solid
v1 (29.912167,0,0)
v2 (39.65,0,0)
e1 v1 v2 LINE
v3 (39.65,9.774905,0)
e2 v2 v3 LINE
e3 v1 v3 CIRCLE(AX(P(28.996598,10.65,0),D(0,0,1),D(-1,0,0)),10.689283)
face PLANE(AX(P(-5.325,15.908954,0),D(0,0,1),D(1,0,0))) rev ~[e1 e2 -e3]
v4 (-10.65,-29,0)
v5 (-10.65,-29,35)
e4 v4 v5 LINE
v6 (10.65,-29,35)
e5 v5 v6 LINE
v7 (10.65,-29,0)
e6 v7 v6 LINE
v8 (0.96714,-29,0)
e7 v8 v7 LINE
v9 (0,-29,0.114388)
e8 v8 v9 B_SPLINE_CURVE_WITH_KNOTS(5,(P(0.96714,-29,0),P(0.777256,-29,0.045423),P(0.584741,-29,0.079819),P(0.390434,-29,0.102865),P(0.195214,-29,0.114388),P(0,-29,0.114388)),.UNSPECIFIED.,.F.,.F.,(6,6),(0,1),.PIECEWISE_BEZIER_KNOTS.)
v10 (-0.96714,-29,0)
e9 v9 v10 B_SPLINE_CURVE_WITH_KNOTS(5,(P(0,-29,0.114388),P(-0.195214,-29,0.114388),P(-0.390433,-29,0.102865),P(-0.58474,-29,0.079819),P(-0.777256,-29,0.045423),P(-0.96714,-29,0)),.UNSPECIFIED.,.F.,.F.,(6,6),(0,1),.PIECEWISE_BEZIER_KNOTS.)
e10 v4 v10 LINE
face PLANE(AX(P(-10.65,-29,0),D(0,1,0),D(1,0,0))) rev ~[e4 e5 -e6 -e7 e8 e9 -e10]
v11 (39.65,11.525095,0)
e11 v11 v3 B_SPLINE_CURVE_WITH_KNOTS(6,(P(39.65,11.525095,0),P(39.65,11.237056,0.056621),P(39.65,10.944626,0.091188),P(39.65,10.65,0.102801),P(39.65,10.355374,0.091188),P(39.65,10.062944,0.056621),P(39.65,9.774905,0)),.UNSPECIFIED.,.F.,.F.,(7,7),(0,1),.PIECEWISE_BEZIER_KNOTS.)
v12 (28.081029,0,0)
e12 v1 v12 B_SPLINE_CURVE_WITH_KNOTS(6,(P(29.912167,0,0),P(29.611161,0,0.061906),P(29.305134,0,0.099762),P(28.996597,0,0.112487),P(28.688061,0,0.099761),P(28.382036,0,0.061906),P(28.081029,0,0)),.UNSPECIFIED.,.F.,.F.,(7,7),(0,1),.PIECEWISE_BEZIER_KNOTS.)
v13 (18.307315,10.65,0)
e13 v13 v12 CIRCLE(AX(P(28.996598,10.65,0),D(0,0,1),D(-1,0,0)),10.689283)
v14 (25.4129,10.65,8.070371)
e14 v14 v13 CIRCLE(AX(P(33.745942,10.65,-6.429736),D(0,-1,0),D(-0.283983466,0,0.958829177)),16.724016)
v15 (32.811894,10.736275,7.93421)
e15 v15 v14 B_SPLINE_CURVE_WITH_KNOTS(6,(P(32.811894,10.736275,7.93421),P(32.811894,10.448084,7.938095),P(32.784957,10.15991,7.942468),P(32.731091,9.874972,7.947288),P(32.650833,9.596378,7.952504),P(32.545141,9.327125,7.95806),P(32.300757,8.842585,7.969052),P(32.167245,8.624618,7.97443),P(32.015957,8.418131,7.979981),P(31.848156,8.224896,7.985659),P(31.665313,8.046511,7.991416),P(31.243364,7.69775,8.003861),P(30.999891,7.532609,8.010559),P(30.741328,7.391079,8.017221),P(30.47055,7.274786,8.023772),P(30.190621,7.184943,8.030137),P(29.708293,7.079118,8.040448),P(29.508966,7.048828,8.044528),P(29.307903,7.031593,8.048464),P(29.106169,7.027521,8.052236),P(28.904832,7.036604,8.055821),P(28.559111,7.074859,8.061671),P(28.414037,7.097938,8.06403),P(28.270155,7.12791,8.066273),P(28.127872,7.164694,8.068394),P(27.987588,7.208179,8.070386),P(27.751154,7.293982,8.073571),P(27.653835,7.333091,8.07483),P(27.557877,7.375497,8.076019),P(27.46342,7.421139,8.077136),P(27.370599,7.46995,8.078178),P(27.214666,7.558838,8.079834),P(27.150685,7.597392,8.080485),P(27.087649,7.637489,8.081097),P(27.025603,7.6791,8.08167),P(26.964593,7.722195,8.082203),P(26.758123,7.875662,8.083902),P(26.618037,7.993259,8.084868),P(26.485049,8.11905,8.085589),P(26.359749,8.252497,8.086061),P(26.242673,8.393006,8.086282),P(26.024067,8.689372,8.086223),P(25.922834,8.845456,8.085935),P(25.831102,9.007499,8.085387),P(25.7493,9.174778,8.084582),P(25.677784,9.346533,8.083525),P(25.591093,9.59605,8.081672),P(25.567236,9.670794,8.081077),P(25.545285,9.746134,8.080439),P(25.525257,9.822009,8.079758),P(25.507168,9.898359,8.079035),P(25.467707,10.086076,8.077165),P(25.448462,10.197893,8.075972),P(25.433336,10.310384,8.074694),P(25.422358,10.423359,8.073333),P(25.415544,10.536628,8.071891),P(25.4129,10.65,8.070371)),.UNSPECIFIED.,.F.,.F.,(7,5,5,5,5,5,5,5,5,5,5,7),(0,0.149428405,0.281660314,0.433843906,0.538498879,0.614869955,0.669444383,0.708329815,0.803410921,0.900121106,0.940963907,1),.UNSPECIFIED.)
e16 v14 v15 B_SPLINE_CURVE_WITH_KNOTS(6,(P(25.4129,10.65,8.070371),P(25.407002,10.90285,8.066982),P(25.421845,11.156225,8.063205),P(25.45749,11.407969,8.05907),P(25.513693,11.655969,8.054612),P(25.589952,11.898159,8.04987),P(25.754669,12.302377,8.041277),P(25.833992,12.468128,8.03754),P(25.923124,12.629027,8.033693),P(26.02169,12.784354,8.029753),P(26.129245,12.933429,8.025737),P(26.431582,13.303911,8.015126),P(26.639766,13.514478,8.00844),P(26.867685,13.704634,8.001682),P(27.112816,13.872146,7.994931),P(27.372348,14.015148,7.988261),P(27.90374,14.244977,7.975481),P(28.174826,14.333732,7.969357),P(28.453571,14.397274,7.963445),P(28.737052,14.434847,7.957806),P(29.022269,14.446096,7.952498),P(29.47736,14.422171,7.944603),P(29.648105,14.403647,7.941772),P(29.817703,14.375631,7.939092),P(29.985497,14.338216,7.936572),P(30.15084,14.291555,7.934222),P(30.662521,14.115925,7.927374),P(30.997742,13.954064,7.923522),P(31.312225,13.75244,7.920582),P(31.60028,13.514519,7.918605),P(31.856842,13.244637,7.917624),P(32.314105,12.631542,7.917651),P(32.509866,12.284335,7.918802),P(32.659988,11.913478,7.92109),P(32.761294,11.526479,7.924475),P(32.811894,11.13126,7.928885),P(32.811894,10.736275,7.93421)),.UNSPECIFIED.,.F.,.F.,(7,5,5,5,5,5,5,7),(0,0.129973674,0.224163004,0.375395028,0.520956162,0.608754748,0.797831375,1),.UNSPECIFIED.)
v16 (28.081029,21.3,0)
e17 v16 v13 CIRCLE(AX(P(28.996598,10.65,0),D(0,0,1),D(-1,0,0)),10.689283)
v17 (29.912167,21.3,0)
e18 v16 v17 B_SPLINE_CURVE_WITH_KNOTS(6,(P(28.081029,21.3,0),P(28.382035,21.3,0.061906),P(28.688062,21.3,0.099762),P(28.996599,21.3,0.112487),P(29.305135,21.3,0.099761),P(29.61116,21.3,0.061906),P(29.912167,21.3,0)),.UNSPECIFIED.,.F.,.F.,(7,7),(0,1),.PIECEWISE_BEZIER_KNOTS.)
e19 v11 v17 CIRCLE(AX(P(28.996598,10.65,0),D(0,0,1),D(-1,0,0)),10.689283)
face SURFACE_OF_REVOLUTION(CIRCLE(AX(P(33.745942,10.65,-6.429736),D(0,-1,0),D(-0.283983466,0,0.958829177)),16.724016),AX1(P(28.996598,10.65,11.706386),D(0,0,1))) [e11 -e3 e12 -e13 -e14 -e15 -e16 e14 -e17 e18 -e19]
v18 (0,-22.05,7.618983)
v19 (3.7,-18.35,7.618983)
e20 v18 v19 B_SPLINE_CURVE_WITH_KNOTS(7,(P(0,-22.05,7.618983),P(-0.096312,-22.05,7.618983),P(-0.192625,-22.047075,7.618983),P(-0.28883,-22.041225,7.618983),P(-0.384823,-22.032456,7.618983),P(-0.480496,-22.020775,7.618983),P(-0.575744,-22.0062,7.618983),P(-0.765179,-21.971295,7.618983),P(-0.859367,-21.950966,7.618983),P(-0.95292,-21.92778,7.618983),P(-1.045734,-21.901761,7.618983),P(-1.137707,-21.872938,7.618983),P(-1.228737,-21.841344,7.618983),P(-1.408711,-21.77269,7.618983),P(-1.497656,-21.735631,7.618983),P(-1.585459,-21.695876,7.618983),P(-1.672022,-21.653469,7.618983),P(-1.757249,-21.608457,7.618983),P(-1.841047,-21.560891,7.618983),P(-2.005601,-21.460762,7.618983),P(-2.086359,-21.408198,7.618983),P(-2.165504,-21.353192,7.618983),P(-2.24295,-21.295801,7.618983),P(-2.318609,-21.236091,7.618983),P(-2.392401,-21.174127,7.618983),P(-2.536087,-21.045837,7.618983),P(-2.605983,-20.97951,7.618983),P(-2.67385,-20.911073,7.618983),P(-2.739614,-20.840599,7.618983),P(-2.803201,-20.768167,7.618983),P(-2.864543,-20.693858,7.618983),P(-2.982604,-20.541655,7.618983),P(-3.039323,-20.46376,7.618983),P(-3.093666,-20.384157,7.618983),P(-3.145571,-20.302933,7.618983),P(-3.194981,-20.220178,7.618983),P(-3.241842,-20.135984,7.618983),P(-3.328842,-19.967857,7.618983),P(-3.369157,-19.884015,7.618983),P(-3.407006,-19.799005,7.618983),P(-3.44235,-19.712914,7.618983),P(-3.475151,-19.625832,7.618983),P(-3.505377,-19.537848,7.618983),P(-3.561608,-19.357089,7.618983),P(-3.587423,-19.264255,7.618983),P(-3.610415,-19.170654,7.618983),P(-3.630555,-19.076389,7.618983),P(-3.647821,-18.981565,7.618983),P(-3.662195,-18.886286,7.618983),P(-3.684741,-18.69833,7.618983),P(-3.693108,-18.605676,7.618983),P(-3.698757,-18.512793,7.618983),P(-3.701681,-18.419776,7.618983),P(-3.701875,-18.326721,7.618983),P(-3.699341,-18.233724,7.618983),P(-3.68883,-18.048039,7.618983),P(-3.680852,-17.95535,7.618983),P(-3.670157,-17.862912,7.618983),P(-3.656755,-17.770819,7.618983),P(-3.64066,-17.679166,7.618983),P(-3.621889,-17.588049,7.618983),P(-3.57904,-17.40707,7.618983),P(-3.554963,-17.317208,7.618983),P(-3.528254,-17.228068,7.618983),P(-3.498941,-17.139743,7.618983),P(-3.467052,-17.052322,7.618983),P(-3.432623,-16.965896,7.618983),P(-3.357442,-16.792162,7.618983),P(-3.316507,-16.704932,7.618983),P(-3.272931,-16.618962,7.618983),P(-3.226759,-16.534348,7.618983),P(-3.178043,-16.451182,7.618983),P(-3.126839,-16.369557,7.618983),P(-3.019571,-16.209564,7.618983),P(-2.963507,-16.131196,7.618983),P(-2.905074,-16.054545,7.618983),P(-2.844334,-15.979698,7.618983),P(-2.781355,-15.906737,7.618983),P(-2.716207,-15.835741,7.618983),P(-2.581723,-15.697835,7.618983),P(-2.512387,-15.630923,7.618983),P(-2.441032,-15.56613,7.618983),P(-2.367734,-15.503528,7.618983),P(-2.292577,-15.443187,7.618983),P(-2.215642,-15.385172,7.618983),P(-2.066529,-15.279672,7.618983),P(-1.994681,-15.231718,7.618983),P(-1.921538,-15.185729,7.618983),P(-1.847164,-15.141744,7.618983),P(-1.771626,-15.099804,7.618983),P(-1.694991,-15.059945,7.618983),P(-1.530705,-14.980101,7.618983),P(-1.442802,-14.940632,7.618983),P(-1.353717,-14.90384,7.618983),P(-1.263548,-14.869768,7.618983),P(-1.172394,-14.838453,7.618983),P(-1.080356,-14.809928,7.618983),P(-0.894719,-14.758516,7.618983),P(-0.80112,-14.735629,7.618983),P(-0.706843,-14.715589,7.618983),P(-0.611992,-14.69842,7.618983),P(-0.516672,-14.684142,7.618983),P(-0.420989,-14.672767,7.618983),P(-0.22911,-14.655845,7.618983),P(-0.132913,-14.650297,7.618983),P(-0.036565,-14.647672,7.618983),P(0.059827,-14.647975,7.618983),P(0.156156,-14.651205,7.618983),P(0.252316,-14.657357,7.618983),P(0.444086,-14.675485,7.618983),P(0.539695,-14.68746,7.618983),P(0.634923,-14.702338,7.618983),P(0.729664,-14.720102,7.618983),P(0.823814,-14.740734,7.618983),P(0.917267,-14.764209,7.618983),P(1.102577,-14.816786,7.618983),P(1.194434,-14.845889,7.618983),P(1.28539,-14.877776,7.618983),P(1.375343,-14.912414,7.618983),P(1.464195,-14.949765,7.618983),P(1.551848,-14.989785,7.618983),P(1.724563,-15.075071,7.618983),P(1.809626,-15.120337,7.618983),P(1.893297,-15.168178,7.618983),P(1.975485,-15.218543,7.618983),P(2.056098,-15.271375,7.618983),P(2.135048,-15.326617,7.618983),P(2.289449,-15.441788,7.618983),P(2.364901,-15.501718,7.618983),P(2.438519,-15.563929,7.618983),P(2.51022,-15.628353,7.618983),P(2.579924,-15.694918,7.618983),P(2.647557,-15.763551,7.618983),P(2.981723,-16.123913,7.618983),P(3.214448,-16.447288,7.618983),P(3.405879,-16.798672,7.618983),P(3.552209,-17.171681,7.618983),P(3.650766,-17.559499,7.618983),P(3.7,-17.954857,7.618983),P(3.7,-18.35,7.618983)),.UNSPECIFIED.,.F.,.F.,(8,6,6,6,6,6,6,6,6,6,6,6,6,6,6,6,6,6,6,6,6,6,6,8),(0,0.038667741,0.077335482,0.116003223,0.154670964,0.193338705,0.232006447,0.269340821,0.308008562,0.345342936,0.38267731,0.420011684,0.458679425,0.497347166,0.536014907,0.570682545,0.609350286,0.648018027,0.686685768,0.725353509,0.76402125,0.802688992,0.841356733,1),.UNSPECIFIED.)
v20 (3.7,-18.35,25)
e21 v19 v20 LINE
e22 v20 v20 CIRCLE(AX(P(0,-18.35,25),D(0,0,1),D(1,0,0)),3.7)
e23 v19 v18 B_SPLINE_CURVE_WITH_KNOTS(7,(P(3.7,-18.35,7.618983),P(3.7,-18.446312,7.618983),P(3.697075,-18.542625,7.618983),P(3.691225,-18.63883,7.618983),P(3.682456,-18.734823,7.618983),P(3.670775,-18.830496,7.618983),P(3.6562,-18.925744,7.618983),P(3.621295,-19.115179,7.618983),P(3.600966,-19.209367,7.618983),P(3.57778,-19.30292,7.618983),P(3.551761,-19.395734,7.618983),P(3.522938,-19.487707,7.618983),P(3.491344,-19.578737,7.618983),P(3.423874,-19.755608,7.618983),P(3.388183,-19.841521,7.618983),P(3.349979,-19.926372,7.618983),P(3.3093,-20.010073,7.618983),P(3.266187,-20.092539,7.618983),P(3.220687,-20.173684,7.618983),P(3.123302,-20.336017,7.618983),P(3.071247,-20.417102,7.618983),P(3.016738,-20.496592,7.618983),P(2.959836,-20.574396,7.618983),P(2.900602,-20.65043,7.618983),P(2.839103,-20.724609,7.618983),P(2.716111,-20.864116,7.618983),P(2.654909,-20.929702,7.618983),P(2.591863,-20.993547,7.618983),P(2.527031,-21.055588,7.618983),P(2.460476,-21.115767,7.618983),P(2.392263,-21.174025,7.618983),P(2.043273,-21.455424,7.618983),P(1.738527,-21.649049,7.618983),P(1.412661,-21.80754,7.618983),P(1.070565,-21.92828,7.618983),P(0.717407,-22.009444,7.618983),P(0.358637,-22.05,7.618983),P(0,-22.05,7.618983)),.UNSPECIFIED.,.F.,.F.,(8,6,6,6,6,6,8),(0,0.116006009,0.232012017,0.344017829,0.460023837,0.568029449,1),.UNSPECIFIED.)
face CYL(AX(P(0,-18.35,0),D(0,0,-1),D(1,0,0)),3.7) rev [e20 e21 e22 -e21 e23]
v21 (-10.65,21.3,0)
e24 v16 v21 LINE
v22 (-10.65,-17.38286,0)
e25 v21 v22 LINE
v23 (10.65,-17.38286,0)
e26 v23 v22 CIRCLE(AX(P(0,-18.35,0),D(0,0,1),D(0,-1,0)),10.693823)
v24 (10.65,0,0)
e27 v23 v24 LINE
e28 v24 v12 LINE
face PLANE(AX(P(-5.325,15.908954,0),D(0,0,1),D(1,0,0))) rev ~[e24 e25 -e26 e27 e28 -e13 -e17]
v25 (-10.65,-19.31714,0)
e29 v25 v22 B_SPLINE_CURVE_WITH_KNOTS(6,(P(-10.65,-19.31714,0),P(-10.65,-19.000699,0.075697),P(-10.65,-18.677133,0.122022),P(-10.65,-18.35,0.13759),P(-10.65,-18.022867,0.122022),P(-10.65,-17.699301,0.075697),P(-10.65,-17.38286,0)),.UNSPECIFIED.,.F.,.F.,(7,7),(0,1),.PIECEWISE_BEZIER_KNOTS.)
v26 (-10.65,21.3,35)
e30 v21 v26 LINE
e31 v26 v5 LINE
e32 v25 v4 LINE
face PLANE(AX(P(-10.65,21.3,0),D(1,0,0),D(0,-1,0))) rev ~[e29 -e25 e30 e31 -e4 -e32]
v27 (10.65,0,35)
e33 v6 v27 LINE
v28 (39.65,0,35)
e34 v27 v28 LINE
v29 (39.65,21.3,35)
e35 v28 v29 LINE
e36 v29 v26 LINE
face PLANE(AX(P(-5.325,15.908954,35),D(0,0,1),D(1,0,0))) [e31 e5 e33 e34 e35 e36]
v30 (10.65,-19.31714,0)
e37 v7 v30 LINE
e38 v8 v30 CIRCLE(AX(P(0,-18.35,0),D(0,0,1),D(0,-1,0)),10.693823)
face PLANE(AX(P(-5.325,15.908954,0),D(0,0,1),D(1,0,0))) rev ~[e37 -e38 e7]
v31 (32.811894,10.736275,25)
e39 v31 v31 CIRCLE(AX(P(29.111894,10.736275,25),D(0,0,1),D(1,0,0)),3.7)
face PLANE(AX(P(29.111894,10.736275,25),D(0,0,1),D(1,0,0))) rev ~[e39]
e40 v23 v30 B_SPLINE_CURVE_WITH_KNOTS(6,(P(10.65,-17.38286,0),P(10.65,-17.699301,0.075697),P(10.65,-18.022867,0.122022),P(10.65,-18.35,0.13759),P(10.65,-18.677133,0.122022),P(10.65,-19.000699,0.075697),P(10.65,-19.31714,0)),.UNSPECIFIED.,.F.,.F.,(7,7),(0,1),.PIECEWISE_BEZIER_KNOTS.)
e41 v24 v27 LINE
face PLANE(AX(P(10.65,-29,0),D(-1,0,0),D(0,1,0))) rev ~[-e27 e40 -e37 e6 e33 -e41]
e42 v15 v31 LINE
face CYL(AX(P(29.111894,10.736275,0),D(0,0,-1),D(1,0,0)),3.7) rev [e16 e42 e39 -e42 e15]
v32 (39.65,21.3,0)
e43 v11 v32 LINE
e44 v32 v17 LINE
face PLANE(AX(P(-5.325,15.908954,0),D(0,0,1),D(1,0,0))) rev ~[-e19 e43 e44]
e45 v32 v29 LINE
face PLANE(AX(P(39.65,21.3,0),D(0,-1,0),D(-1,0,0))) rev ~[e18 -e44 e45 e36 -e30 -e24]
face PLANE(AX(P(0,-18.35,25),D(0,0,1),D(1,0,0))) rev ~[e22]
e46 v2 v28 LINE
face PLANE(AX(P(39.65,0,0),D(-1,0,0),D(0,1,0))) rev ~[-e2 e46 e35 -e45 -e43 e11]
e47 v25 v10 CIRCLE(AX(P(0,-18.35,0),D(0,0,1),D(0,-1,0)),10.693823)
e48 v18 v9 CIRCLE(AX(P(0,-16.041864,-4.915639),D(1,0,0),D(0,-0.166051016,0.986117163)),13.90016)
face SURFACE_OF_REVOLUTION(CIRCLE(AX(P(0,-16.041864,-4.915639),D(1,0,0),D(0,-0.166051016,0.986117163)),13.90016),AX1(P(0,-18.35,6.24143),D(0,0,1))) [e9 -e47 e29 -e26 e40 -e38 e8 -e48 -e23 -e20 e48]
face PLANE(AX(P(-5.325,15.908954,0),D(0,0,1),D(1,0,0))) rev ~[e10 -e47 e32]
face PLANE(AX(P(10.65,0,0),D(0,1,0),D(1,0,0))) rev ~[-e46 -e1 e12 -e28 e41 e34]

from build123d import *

# Parameters (mm, degrees)
F0_W     = 10.65
F0_H     = 10.7820915088
F0_H_2   = 10.5179084912
F1_DEPTH = 35
F5_R     = 3.7
F6_DEPTH = 25
F7_R     = 3.7
F8_DEPTH = 25


with BuildPart() as f1:
    # F0 (on Top) → F1 (new body)
    with BuildSketch(Plane.XY):
        with Locations((-5.325, 15.9089542456)):
            Rectangle(F0_W, F0_H)
        with Locations((5.325, 15.9089542456)):
            Rectangle(F0_W, F0_H)
        with BuildLine():
            Line((28.999999983, 21.3), (10.65, 21.3))
            Line((10.65, 21.3), (10.65, 10.5179084912))
            Line((10.65, 10.5179084912), (18.3508191943, 10.5179084912))
            ThreePointArc((18.3508191943, 10.5179084912), (21.4227552913, 18.1338400989), (28.999999983, 21.3))
        make_face()
        with BuildLine():
            Line((39.65, 21.3), (28.999999983, 21.3))
            ThreePointArc((28.999999983, 21.3), (36.5306872136, 18.1806872257), (39.65, 10.65))
            Line((39.65, 10.65), (39.65, 21.3))
        make_face()
        with BuildLine():
            Line((39.65, 0), (39.65, 10.65))
            ThreePointArc((39.65, 10.65), (36.5306872196, 3.1193127804), (29, 0))
            Line((29, 0), (39.65, 0))
        make_face()
        with BuildLine():
            Line((18.3508191943, 10.5179084912), (10.65, 10.5179084912))
            Line((10.65, 10.5179084912), (10.65, 0))
            Line((10.65, 0), (29, 0))
            ThreePointArc((29, 0), (21.5161598951, 3.0727552973), (18.3508191943, 10.5179084912))
        make_face()
        with Locations((5.325, 5.2589542456)):
            Rectangle(F0_W, F0_H_2)
        with Locations((-5.325, 5.2589542456)):
            Rectangle(F0_W, F0_H_2)
        with BuildLine():
            Line((0, 0), (-10.65, 0))
            Line((-10.65, 0), (-10.65, -18.3500000446))
            ThreePointArc((-10.65, -18.3500000446), (-7.5306872354, -10.8193127961), (0, -7.7))
            Line((0, -7.7), (0, 0))
        make_face()
        with BuildLine():
            Line((10.65, 0), (0, 0))
            Line((0, 0), (0, -7.7))
            ThreePointArc((0, -7.7), (7.5306872196, -10.8193127804), (10.65, -18.35))
            Line((10.65, -18.35), (10.65, 0))
        make_face()
        with BuildLine():
            ThreePointArc((0, -29), (-7.5306872039, -25.8806872354), (-10.65, -18.3500000446))
            Line((-10.65, -18.3500000446), (-10.65, -29))
            Line((-10.65, -29), (0, -29))
        make_face()
        with BuildLine():
            ThreePointArc((10.65, -18.35), (7.5306872196, -25.8806872196), (0, -29))
            Line((0, -29), (10.65, -29))
            Line((10.65, -29), (10.65, -18.35))
        make_face()
        with BuildLine():
            ThreePointArc((0, -7.7), (-7.5306872354, -10.8193127961), (-10.65, -18.3500000446))
            ThreePointArc((-10.65, -18.3500000446), (-7.5306872039, -25.8806872354), (0, -29))
            ThreePointArc((0, -29), (7.5306872196, -25.8806872196), (10.65, -18.35))
            ThreePointArc((10.65, -18.35), (7.5306872196, -10.8193127804), (0, -7.7))
        make_face()
        with BuildLine():
            ThreePointArc((39.65, 10.65), (36.5306872136, 18.1806872257), (28.999999983, 21.3))
            ThreePointArc((28.999999983, 21.3), (21.4227552913, 18.1338400989), (18.3508191943, 10.5179084912))
            ThreePointArc((18.3508191943, 10.5179084912), (21.5161598951, 3.0727552973), (29, 0))
            ThreePointArc((29, 0), (36.5306872196, 3.1193127804), (39.65, 10.65))
        make_face()
    extrude(amount=F1_DEPTH)

    # F2 (on Right) → F3 (revolve, cut)
    with BuildSketch(Plane.YZ):
        with BuildLine():
            Line((-18.35, 0), (-18.35, 8.7915472686))
            ThreePointArc((-18.35, 8.7915472686), (-24.8692408708, 5.8217661701), (-29.0438234806, 0))
            Line((-29.0438234806, 0), (-18.35, 0))
        make_face()
    revolve(axis=Axis((0, -18.35, 6.2414296837), (0, 0, 1)), mode=Mode.SUBTRACT)

    # F5 (on Top) → F6 (cut)
    with BuildSketch(Plane.XY):
        with Locations((0, -18.35)):
            Circle(F5_R)
    extrude(amount=F6_DEPTH, mode=Mode.SUBTRACT)

    # F7 (on Top) → F8 (cut)
    with BuildSketch(Plane.XY):
        with Locations((29.1118938476, 10.736274533)):
            Circle(F7_R)
    extrude(amount=F8_DEPTH, mode=Mode.SUBTRACT)

    # F9 (on offset) → F10 (revolve, cut)
    with BuildSketch(Plane.XZ.offset(-10.65)):
        with BuildLine():
            Line((18.3073151857, 0), (28.9965979755, 0))
            Line((28.9965979755, 0), (28.9965979755, 9.6057383344))
            ThreePointArc((28.9965979755, 9.6057383344), (22.567565814, 6.0095811507), (18.3073151857, 0))
        make_face()
    revolve(axis=Axis((28.9965979755, 10.65, 11.7063857615), (0, 0, 1)), mode=Mode.SUBTRACT)


solid = f1.part
